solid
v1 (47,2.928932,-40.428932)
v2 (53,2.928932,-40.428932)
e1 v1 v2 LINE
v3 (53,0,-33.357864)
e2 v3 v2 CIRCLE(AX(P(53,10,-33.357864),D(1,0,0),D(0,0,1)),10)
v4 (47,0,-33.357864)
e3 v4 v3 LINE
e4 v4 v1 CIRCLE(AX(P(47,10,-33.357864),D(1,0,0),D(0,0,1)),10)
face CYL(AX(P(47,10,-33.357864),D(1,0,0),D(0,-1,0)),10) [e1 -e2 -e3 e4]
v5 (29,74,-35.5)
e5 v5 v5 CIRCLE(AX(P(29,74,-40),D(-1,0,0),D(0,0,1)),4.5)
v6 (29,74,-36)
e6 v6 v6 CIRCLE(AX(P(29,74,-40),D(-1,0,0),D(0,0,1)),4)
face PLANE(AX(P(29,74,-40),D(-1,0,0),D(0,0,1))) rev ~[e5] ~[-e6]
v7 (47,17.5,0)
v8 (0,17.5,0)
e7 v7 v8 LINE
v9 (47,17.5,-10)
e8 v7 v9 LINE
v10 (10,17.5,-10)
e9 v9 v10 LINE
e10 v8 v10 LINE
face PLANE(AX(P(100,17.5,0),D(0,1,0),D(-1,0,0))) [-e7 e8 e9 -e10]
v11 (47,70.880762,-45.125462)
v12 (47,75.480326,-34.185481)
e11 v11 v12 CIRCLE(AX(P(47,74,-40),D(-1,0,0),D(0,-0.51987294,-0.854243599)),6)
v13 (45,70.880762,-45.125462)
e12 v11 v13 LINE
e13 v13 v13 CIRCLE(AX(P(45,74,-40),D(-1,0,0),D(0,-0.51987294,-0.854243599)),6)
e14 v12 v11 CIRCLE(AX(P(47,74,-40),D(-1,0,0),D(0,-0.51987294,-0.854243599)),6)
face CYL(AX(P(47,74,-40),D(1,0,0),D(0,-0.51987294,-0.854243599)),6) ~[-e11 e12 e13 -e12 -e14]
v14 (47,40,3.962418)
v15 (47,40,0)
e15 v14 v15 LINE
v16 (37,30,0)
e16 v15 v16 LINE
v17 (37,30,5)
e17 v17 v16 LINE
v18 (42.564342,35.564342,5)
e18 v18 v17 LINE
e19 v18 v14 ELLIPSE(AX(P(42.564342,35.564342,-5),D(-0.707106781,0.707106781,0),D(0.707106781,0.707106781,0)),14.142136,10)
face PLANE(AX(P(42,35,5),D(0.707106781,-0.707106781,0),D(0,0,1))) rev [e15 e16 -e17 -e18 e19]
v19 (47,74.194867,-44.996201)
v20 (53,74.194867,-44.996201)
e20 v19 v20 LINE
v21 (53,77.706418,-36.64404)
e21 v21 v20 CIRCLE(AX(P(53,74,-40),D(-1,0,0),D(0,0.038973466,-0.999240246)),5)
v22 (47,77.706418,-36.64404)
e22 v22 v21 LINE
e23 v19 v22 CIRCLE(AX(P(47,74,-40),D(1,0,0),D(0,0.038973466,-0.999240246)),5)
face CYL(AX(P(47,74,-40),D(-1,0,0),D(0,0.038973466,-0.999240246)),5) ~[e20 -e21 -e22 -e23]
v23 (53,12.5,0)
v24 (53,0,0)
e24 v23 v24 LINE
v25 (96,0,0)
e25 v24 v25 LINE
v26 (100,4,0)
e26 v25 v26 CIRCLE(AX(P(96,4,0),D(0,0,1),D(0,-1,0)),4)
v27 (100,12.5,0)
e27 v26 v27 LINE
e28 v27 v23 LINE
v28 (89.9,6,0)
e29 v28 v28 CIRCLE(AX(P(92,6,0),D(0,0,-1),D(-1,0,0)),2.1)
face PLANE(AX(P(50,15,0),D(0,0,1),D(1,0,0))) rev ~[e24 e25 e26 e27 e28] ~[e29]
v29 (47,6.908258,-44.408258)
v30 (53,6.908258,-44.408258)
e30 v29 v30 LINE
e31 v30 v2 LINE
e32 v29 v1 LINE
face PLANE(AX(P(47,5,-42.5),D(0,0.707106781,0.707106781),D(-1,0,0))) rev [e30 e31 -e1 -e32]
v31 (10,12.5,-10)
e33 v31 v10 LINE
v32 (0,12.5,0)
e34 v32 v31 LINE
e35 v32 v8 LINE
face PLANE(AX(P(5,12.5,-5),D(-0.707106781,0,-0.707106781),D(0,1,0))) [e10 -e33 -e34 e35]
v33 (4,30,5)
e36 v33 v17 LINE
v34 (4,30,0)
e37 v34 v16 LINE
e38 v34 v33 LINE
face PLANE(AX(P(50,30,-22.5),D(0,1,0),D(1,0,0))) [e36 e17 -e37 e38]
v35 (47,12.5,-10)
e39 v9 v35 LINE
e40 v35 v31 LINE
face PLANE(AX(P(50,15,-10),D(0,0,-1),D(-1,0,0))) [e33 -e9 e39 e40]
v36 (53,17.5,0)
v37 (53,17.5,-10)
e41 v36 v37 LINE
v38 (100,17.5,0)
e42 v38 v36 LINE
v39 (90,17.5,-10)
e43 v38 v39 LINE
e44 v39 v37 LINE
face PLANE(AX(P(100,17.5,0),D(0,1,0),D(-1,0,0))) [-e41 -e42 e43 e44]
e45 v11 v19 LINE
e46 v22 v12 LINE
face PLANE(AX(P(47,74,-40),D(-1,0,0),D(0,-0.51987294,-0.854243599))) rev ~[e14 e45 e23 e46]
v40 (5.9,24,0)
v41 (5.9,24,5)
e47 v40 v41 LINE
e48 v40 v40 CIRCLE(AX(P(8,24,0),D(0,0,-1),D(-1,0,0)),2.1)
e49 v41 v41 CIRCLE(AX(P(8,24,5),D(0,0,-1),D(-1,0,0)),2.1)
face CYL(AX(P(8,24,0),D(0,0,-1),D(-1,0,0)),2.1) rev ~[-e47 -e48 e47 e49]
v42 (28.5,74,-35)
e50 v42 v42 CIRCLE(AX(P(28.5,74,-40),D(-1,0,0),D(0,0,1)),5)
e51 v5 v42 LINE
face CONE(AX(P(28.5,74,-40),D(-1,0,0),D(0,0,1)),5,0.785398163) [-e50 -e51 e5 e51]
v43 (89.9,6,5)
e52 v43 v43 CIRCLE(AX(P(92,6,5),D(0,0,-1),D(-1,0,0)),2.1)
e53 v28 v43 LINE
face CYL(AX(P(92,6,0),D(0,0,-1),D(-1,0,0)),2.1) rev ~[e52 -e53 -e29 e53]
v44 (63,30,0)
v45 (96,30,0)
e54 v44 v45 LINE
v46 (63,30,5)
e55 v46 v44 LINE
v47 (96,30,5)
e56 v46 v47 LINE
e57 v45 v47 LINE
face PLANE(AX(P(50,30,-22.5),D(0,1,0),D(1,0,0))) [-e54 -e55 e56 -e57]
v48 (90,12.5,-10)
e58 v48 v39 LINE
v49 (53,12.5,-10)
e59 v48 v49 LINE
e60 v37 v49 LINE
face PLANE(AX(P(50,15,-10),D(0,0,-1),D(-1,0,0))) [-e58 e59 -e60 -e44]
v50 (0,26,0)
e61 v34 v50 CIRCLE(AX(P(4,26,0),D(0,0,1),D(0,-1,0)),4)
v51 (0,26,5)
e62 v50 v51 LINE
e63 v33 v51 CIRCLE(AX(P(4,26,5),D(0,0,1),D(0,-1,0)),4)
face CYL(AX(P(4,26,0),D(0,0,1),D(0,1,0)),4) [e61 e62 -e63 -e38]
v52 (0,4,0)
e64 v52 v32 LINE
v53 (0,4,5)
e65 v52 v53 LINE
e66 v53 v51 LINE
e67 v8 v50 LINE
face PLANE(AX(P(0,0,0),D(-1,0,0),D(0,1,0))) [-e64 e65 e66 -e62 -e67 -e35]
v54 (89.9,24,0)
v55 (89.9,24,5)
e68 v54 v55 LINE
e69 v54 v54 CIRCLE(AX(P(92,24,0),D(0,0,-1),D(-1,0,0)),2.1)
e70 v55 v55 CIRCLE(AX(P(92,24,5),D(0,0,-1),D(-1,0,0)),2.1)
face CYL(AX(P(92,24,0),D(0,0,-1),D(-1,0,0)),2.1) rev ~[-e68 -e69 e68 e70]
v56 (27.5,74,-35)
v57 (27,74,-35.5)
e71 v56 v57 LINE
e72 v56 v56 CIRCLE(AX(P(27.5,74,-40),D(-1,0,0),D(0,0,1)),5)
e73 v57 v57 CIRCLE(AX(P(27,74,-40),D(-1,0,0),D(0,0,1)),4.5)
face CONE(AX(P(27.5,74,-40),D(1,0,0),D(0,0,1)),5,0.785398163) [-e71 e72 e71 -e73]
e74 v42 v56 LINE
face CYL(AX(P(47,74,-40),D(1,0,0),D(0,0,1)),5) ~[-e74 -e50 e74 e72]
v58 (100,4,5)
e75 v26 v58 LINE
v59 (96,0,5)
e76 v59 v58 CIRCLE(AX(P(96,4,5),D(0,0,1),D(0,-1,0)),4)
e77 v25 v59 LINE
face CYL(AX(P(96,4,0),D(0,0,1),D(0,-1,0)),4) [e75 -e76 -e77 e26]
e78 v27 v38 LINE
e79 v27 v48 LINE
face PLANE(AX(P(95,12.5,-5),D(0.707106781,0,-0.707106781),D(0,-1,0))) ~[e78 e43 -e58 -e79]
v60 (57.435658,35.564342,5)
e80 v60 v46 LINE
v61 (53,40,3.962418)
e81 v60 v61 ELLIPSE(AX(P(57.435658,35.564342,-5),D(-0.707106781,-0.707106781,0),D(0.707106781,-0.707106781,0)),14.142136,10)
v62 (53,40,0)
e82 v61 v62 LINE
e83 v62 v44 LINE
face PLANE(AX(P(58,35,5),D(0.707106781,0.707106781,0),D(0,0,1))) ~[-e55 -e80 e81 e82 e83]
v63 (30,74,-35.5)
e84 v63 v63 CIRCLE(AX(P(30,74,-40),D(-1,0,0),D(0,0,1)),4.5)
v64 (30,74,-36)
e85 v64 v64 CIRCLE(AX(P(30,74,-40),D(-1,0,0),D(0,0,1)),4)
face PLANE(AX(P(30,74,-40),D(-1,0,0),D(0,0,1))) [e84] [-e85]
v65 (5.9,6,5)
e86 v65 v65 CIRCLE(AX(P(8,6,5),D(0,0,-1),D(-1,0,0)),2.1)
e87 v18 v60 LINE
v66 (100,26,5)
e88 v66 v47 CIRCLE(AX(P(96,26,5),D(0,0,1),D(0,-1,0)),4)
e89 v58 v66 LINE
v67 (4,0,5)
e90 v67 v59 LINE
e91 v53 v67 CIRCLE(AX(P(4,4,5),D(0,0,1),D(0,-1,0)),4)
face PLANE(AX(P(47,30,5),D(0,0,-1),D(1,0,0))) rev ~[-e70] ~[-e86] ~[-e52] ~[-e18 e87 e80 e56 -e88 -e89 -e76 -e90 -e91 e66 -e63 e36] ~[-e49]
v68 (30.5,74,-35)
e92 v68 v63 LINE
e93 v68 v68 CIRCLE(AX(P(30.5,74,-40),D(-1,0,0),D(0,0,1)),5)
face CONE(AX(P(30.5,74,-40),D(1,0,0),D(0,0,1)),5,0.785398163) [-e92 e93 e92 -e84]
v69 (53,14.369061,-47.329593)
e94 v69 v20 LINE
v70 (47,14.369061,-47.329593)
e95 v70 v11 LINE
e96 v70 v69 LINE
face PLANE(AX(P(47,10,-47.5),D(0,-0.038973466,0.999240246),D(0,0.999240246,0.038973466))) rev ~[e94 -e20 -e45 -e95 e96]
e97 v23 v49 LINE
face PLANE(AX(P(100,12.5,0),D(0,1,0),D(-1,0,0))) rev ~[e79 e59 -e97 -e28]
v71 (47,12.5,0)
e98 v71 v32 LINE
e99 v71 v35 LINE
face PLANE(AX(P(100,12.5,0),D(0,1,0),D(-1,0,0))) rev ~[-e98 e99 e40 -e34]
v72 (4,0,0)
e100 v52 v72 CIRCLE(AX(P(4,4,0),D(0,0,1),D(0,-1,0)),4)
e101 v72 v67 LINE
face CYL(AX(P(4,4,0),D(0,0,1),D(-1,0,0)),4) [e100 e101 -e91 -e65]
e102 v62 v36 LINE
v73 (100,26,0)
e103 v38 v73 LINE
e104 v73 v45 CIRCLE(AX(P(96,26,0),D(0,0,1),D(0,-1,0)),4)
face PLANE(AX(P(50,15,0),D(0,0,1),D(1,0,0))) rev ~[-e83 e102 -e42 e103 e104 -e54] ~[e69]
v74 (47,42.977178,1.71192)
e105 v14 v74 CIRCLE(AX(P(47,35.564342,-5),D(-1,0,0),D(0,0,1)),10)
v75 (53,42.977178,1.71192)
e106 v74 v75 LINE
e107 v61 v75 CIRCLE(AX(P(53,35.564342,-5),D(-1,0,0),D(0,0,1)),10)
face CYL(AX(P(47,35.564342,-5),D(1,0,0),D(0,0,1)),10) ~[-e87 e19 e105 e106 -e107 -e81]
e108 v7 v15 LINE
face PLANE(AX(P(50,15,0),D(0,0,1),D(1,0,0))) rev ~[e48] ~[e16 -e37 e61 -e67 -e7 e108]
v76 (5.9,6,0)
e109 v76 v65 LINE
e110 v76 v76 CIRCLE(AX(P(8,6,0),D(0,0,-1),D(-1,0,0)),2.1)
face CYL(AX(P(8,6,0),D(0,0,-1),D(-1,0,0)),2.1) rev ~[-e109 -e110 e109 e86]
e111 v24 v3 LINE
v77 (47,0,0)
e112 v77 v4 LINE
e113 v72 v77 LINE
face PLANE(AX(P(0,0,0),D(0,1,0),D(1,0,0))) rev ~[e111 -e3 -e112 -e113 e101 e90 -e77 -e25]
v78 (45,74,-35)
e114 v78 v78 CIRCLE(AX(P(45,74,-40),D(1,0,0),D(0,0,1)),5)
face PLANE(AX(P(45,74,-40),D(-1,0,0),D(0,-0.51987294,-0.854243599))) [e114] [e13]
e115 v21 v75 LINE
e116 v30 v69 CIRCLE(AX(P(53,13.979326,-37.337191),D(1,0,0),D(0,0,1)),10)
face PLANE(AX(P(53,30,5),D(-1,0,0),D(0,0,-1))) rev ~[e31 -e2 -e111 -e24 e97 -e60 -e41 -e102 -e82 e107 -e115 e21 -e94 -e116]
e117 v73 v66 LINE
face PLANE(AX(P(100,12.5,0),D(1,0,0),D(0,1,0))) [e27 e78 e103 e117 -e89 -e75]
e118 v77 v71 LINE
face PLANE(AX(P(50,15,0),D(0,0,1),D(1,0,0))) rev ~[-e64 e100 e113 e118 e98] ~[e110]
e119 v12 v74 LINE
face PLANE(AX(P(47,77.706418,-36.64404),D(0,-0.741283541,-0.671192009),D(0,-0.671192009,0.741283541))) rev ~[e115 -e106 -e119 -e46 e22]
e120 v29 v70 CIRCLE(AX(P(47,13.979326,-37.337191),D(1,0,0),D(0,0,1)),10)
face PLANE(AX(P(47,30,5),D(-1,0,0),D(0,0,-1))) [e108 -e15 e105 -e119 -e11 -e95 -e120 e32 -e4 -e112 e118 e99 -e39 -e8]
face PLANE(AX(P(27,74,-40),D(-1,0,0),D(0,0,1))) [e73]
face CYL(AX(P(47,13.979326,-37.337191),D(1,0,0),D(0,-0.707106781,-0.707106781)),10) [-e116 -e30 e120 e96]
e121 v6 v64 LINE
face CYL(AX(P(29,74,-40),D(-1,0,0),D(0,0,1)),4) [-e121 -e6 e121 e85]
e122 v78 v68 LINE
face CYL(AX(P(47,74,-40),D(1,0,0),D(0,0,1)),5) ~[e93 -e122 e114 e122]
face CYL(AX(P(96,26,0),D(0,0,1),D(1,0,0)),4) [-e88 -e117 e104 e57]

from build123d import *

# Parameters (mm, degrees)
SKETCH1_W           = 100
SKETCH1_H           = 30
BOSS_EXTRUDE1_DEPTH = 5
SKETCH2_W           = 6
SKETCH2_H           = 50
BOSS_EXTRUDE2_DEPTH = 30
SKETCH3_W           = 6
SKETCH3_H           = 52.5
BOSS_EXTRUDE3_DEPTH = 50
SKETCH4_R           = 5
BOSS_EXTRUDE4_DEPTH = 20
CHAMFER1_SIZE       = 10
FILLET1_R           = 10
CHAMFER2_SIZE       = 10
FILLET2_R           = 4
SKETCH5_W           = 100
SKETCH5_H           = 5
BOSS_EXTRUDE5_DEPTH = 10
CHAMFER3_SIZE       = 10
SKETCH7_R           = 2.1
CUT_EXTRUDE1_DEPTH  = 137.587883796
CUT_EXTRUDE2_DEPTH  = 108.075907654
FILLET3_R           = 10
SKETCH9_R           = 6
BOSS_EXTRUDE6_DEPTH = 2
CHAMFER4_SIZE       = 0.5
CUT_EXTRUDE3_START  = 1
SKETCH10_R          = 5
SKETCH10_R_2        = 4
CUT_EXTRUDE3_DEPTH  = 1
CHAMFER5_SIZE       = 0.5


with BuildPart() as part:
    # Sketch1 → Boss-Extrude1 (new body)
    with BuildSketch(Plane.XY):
        with Locations((50, 15)):
            Rectangle(SKETCH1_W, SKETCH1_H)
    extrude(amount=BOSS_EXTRUDE1_DEPTH)

    # Sketch2 → Boss-Extrude2 (add)
    with BuildSketch(Plane(origin=(0, 30, 0), x_dir=(1, 0, 0), z_dir=(0, 1, 0))):
        with Locations((50, 22.5)):
            Rectangle(SKETCH2_W, SKETCH2_H)
    extrude(amount=-BOSS_EXTRUDE2_DEPTH)

    # Sketch3 → Boss-Extrude3 (add)
    with BuildSketch(Plane(origin=(0, 30, 0), x_dir=(1, 0, 0), z_dir=(0, 1, 0))):
        with Locations((50, 21.25)):
            Rectangle(SKETCH3_W, SKETCH3_H)
    extrude(amount=BOSS_EXTRUDE3_DEPTH)

    # Sketch4 → Boss-Extrude4 (add)
    with BuildSketch(Plane.ZY.offset(-47)):
        with Locations((-40, 74)):
            Circle(SKETCH4_R)
    extrude(amount=BOSS_EXTRUDE4_DEPTH)

    # Chamfer1
    chamfer1_edges = [part.edges().sort_by_distance(p)[0] for p in [
        (50, 0, -47.5),
    ]]
    chamfer(chamfer1_edges, length=CHAMFER1_SIZE)

    # Fillet1
    fillet1_edges = [part.edges().sort_by_distance(p)[0] for p in [
        (50, 80, 5),
        (50, 80, -47.5),
    ]]
    fillet(fillet1_edges, radius=FILLET1_R)

    # Chamfer2
    chamfer2_edges = [part.edges().sort_by_distance(p)[0] for p in [
        (47, 30, 2.5),
        (53, 30, 2.5),
    ]]
    chamfer(chamfer2_edges, length=CHAMFER2_SIZE)

    # Fillet2
    fillet2_edges = [part.edges().sort_by_distance(p)[0] for p in [
        (0, 0, 2.5),
        (100, 0, 2.5),
        (100, 30, 2.5),
        (0, 30, 2.5),
    ]]
    fillet(fillet2_edges, radius=FILLET2_R)

    # Sketch5 → Boss-Extrude5 (add)
    with BuildSketch(Plane(origin=(0, 0, 0), x_dir=(-1, 0, 0), z_dir=(0, 0, -1))):
        with Locations((-50, 15)):
            Rectangle(SKETCH5_W, SKETCH5_H)
    extrude(amount=BOSS_EXTRUDE5_DEPTH)

    # Chamfer3
    chamfer3_edges = [part.edges().sort_by_distance(p)[0] for p in [
        (0, 15, -10),
        (100, 15, -10),
    ]]
    chamfer(chamfer3_edges, length=CHAMFER3_SIZE)

    # Sketch7 → Cut-Extrude1 (cut, through all)
    with BuildSketch(Plane(origin=(0, 0, 0), x_dir=(-1, 0, 0), z_dir=(0, 0, -1))):
        with Locations((-92, 24)):
            Circle(SKETCH7_R)
        with Locations((-8, 24)):
            Circle(SKETCH7_R)
        with Locations((-8, 6)):
            Circle(SKETCH7_R)
        with Locations((-92, 6)):
            Circle(SKETCH7_R)
    extrude(amount=-CUT_EXTRUDE1_DEPTH, mode=Mode.SUBTRACT)

    # Sketch8 → Cut-Extrude2 (cut, through all)
    with BuildSketch(Plane.ZY.offset(-47)):
        with BuildLine():
            Line((-36.644039957, 77.706417703), (5, 40))
            Line((5, 40), (5, 70))
            ThreePointArc((5, 70), (2.071067812, 77.071067812), (-5, 80))
            Line((-5, 80), (-37.5, 80))
            ThreePointArc((-37.5, 80), (-44.571067812, 77.071067812), (-47.5, 70))
            Line((-47.5, 70), (-47.5, 10))
            Line((-47.5, 10), (-44.996201229, 74.194867332))
            ThreePointArc((-44.996201229, 74.194867332), (-41.937871072, 78.609192522), (-36.644039957, 77.706417703))
        make_face()
    extrude(amount=-CUT_EXTRUDE2_DEPTH, mode=Mode.SUBTRACT)

    # Fillet3
    fillet3_edges = [part.edges().sort_by_distance(p)[0] for p in [
        (50, 40, 5),
        (50, 0, -37.5),
        (50, 10, -47.5),
    ]]
    fillet(fillet3_edges, radius=FILLET3_R)

    # Sketch9 → Boss-Extrude6 (add)
    with BuildSketch(Plane.ZY.offset(-47)):
        with Locations(Location((-40, 74, 0), (0, 0, 211.323728943))):
            Circle(SKETCH9_R)
    extrude(amount=BOSS_EXTRUDE6_DEPTH)

    # Chamfer4
    chamfer4_edges = [part.edges().sort_by_distance(p)[0] for p in [
        (27, 74, -45),
    ]]
    chamfer(chamfer4_edges, length=CHAMFER4_SIZE)

    # Sketch10 → Cut-Extrude3 (cut)
    with BuildSketch(Plane.ZY.offset(-30).offset(CUT_EXTRUDE3_START)):
        with Locations((-40, 74)):
            Circle(SKETCH10_R)
        with Locations((-40, 74)):
            Circle(SKETCH10_R_2, mode=Mode.SUBTRACT)
    extrude(amount=-CUT_EXTRUDE3_DEPTH, mode=Mode.SUBTRACT)

    # Chamfer5
    chamfer5_edges = [part.edges().sort_by_distance(p)[0] for p in [
        (29, 74, -45),
        (30, 74, -45),
    ]]
    chamfer(chamfer5_edges, length=CHAMFER5_SIZE)


solid = part.part
